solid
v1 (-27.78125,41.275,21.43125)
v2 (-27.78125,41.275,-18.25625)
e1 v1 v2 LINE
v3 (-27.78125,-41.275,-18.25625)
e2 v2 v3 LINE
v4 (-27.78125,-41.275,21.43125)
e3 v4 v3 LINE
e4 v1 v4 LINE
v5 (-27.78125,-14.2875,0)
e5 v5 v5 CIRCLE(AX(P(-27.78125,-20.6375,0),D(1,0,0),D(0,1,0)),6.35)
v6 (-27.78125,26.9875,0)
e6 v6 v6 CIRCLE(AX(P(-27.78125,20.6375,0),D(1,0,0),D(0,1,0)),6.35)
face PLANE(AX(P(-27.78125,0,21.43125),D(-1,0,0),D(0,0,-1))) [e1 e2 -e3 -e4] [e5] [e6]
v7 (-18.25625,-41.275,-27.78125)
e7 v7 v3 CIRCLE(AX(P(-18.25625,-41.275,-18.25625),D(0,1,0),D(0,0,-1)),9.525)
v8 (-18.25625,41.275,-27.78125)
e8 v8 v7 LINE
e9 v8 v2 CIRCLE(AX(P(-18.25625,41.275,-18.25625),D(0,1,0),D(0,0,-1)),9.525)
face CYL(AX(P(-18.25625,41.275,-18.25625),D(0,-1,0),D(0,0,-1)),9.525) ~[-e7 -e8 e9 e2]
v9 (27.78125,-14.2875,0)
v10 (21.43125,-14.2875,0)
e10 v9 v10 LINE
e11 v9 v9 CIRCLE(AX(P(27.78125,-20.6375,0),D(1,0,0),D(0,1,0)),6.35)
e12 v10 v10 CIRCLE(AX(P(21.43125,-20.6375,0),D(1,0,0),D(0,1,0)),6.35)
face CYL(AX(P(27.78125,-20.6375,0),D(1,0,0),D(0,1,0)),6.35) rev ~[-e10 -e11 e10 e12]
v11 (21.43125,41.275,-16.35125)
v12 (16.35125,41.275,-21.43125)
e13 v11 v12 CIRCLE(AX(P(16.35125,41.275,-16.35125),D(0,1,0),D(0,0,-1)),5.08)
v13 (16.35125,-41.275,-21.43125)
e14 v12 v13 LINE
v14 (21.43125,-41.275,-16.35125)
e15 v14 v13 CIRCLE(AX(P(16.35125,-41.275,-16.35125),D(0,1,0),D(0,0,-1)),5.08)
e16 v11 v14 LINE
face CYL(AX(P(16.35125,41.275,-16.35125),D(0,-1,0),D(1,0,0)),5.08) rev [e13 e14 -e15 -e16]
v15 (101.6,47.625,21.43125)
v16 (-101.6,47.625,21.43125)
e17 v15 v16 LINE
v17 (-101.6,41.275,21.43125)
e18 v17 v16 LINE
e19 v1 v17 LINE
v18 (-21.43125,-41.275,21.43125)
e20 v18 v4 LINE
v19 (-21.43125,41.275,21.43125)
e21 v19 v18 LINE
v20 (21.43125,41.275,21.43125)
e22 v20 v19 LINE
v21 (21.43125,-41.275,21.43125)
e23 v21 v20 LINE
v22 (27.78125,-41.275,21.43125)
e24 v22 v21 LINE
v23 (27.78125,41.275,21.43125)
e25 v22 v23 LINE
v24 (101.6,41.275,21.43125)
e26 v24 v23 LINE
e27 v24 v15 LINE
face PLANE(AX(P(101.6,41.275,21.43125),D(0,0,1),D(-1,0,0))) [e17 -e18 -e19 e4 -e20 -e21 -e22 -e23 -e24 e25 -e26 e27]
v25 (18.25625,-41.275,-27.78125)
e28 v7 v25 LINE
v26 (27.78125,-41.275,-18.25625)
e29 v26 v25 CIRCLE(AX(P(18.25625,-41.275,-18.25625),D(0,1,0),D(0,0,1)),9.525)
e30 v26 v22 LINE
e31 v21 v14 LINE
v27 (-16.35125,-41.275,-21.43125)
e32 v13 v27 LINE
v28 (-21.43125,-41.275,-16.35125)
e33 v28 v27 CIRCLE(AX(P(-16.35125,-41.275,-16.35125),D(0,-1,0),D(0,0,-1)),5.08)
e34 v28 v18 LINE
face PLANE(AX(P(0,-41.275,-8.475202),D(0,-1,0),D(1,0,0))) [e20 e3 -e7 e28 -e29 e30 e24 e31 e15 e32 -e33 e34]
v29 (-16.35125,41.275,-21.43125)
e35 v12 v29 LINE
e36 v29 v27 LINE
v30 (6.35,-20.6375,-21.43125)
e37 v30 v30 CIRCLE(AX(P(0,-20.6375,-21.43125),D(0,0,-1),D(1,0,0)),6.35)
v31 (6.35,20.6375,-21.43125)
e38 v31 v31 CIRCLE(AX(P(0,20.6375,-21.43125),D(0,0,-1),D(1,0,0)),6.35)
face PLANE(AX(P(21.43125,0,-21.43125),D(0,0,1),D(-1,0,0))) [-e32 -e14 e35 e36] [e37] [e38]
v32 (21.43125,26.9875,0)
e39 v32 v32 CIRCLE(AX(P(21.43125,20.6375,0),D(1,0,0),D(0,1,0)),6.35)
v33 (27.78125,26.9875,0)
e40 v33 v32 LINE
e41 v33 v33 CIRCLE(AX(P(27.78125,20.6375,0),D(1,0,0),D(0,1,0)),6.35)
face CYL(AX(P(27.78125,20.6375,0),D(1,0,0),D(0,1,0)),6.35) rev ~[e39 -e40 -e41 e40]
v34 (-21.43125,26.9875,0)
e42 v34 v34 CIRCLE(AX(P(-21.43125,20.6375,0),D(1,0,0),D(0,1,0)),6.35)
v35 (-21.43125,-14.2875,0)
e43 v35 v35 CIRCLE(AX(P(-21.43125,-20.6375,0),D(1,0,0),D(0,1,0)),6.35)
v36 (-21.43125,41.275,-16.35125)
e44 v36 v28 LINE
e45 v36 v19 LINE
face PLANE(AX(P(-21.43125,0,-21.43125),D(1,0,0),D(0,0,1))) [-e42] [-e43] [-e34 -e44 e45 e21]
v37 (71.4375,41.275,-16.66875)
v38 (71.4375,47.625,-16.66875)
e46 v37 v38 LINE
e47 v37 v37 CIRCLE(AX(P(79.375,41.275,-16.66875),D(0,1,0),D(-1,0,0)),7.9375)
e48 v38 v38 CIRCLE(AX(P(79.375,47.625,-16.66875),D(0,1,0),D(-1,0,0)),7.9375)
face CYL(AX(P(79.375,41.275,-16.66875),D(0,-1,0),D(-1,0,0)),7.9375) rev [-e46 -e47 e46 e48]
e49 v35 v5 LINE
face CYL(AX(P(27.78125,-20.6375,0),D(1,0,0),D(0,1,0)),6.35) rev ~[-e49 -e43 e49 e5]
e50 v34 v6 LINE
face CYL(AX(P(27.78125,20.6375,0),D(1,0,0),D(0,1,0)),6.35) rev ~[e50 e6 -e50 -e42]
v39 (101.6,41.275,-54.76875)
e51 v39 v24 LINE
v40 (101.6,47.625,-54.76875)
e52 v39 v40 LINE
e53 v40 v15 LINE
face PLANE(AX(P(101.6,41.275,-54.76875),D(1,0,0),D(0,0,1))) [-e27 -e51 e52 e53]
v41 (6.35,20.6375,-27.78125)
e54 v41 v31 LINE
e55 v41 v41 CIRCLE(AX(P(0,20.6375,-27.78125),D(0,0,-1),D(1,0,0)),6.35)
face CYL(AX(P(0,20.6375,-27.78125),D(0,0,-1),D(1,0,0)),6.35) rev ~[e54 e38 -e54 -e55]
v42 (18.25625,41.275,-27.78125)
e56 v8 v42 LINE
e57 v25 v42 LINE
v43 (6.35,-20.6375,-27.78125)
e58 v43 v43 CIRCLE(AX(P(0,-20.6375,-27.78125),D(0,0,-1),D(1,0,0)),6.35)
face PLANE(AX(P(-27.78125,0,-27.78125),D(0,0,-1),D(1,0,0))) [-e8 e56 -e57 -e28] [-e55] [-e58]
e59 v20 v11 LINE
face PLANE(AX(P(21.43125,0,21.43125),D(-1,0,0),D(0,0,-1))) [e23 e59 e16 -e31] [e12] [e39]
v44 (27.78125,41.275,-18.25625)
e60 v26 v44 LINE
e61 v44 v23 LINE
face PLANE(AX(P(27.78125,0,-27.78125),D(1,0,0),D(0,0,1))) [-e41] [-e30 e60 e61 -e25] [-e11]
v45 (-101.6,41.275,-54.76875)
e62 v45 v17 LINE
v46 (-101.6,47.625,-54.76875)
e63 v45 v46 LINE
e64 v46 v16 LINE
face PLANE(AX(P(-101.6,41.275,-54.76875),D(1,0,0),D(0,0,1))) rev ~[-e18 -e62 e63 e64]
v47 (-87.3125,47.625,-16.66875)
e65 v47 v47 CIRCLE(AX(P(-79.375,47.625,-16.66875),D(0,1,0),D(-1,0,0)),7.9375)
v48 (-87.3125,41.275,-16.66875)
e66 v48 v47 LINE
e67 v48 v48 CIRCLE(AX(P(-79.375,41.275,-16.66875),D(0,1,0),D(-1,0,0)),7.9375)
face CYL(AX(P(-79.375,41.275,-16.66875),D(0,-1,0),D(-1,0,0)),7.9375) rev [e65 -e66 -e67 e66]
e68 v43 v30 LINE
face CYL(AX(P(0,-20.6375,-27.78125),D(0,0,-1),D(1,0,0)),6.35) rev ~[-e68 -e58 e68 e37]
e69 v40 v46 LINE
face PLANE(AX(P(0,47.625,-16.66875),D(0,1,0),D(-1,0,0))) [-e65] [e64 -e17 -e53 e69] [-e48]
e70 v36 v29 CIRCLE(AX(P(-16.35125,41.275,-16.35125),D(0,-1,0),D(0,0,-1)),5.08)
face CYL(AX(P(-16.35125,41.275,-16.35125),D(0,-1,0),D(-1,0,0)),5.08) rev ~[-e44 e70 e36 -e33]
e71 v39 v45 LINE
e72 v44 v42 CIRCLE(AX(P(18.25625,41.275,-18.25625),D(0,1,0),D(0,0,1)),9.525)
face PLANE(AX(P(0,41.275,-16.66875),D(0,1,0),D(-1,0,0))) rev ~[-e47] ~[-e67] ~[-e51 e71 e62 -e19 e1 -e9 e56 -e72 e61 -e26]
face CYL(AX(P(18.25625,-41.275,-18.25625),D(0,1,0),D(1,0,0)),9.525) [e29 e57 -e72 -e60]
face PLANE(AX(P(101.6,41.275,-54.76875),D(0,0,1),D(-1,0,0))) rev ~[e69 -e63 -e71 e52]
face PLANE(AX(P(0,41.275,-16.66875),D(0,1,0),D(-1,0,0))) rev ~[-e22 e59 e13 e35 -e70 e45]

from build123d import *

# Parameters (mm, degrees)
F1_DEPTH = 41.275
F2_R     = 5.08
F3_R     = 9.525
F4_R     = 6.35
F5_DEPTH = 55.5635
F6_R     = 6.35
F7_DEPTH = 25.4
F8_W     = 203.2
F8_H     = 76.2
F8_R     = 7.9375
F9_DEPTH = 6.35


with BuildPart() as f1:
    # F0 (on Front) → F1 (new body, symmetric)
    with BuildSketch(Plane.XZ):
        Polygon((21.43125, 21.43125), (21.43125, -21.43125), (-21.43125, -21.43125), (-21.43125, 21.43125), (-27.78125, 21.43125), (-27.78125, -21.43125), (-27.78125, -27.78125), (-21.43125, -27.78125), (21.43125, -27.78125), (27.78125, -27.78125), (27.78125, -21.43125), (27.78125, 21.43125), align=None)
    extrude(amount=F1_DEPTH, both=True)

    # F2
    f2_edges = [f1.edges().sort_by_distance(p)[0] for p in [
        (-21.43125, 0, -21.43125),
        (21.43125, 0, -21.43125),
    ]]
    fillet(f2_edges, radius=F2_R)

    # F3
    f3_edges = [f1.edges().sort_by_distance(p)[0] for p in [
        (-27.78125, 0, -27.78125),
        (27.78125, 0, -27.78125),
    ]]
    fillet(f3_edges, radius=F3_R)

    # F4 (on face) → F5 (cut, through all)
    with BuildSketch(Plane.YZ.offset(27.78125)):
        with Locations((-20.6375, 0)):
            Circle(F4_R)
        with Locations((20.6375, 0)):
            Circle(F4_R)
    extrude(amount=-F5_DEPTH, mode=Mode.SUBTRACT)

    # F6 (on face) → F7 (cut)
    with BuildSketch(Plane(origin=(0, 0, -27.78125), x_dir=(1, 0, 0), z_dir=(0, 0, -1))):
        with Locations((0, 20.6375)):
            Circle(F6_R)
        with Locations((0, -20.6375)):
            Circle(F6_R)
    extrude(amount=-F7_DEPTH, mode=Mode.SUBTRACT)

    # F8 (on face) → F9 (join)
    with BuildSketch(Plane(origin=(0, 41.275, 0), x_dir=(-1, 0, 0), z_dir=(0, 1, 0))):
        with Locations((0, -16.66875)):
            Rectangle(F8_W, F8_H)
        with Locations((-79.375, -16.66875)):
            Circle(F8_R, mode=Mode.SUBTRACT)
        with Locations((79.375, -16.66875)):
            Circle(F8_R, mode=Mode.SUBTRACT)
    extrude(amount=F9_DEPTH)


solid = f1.part
